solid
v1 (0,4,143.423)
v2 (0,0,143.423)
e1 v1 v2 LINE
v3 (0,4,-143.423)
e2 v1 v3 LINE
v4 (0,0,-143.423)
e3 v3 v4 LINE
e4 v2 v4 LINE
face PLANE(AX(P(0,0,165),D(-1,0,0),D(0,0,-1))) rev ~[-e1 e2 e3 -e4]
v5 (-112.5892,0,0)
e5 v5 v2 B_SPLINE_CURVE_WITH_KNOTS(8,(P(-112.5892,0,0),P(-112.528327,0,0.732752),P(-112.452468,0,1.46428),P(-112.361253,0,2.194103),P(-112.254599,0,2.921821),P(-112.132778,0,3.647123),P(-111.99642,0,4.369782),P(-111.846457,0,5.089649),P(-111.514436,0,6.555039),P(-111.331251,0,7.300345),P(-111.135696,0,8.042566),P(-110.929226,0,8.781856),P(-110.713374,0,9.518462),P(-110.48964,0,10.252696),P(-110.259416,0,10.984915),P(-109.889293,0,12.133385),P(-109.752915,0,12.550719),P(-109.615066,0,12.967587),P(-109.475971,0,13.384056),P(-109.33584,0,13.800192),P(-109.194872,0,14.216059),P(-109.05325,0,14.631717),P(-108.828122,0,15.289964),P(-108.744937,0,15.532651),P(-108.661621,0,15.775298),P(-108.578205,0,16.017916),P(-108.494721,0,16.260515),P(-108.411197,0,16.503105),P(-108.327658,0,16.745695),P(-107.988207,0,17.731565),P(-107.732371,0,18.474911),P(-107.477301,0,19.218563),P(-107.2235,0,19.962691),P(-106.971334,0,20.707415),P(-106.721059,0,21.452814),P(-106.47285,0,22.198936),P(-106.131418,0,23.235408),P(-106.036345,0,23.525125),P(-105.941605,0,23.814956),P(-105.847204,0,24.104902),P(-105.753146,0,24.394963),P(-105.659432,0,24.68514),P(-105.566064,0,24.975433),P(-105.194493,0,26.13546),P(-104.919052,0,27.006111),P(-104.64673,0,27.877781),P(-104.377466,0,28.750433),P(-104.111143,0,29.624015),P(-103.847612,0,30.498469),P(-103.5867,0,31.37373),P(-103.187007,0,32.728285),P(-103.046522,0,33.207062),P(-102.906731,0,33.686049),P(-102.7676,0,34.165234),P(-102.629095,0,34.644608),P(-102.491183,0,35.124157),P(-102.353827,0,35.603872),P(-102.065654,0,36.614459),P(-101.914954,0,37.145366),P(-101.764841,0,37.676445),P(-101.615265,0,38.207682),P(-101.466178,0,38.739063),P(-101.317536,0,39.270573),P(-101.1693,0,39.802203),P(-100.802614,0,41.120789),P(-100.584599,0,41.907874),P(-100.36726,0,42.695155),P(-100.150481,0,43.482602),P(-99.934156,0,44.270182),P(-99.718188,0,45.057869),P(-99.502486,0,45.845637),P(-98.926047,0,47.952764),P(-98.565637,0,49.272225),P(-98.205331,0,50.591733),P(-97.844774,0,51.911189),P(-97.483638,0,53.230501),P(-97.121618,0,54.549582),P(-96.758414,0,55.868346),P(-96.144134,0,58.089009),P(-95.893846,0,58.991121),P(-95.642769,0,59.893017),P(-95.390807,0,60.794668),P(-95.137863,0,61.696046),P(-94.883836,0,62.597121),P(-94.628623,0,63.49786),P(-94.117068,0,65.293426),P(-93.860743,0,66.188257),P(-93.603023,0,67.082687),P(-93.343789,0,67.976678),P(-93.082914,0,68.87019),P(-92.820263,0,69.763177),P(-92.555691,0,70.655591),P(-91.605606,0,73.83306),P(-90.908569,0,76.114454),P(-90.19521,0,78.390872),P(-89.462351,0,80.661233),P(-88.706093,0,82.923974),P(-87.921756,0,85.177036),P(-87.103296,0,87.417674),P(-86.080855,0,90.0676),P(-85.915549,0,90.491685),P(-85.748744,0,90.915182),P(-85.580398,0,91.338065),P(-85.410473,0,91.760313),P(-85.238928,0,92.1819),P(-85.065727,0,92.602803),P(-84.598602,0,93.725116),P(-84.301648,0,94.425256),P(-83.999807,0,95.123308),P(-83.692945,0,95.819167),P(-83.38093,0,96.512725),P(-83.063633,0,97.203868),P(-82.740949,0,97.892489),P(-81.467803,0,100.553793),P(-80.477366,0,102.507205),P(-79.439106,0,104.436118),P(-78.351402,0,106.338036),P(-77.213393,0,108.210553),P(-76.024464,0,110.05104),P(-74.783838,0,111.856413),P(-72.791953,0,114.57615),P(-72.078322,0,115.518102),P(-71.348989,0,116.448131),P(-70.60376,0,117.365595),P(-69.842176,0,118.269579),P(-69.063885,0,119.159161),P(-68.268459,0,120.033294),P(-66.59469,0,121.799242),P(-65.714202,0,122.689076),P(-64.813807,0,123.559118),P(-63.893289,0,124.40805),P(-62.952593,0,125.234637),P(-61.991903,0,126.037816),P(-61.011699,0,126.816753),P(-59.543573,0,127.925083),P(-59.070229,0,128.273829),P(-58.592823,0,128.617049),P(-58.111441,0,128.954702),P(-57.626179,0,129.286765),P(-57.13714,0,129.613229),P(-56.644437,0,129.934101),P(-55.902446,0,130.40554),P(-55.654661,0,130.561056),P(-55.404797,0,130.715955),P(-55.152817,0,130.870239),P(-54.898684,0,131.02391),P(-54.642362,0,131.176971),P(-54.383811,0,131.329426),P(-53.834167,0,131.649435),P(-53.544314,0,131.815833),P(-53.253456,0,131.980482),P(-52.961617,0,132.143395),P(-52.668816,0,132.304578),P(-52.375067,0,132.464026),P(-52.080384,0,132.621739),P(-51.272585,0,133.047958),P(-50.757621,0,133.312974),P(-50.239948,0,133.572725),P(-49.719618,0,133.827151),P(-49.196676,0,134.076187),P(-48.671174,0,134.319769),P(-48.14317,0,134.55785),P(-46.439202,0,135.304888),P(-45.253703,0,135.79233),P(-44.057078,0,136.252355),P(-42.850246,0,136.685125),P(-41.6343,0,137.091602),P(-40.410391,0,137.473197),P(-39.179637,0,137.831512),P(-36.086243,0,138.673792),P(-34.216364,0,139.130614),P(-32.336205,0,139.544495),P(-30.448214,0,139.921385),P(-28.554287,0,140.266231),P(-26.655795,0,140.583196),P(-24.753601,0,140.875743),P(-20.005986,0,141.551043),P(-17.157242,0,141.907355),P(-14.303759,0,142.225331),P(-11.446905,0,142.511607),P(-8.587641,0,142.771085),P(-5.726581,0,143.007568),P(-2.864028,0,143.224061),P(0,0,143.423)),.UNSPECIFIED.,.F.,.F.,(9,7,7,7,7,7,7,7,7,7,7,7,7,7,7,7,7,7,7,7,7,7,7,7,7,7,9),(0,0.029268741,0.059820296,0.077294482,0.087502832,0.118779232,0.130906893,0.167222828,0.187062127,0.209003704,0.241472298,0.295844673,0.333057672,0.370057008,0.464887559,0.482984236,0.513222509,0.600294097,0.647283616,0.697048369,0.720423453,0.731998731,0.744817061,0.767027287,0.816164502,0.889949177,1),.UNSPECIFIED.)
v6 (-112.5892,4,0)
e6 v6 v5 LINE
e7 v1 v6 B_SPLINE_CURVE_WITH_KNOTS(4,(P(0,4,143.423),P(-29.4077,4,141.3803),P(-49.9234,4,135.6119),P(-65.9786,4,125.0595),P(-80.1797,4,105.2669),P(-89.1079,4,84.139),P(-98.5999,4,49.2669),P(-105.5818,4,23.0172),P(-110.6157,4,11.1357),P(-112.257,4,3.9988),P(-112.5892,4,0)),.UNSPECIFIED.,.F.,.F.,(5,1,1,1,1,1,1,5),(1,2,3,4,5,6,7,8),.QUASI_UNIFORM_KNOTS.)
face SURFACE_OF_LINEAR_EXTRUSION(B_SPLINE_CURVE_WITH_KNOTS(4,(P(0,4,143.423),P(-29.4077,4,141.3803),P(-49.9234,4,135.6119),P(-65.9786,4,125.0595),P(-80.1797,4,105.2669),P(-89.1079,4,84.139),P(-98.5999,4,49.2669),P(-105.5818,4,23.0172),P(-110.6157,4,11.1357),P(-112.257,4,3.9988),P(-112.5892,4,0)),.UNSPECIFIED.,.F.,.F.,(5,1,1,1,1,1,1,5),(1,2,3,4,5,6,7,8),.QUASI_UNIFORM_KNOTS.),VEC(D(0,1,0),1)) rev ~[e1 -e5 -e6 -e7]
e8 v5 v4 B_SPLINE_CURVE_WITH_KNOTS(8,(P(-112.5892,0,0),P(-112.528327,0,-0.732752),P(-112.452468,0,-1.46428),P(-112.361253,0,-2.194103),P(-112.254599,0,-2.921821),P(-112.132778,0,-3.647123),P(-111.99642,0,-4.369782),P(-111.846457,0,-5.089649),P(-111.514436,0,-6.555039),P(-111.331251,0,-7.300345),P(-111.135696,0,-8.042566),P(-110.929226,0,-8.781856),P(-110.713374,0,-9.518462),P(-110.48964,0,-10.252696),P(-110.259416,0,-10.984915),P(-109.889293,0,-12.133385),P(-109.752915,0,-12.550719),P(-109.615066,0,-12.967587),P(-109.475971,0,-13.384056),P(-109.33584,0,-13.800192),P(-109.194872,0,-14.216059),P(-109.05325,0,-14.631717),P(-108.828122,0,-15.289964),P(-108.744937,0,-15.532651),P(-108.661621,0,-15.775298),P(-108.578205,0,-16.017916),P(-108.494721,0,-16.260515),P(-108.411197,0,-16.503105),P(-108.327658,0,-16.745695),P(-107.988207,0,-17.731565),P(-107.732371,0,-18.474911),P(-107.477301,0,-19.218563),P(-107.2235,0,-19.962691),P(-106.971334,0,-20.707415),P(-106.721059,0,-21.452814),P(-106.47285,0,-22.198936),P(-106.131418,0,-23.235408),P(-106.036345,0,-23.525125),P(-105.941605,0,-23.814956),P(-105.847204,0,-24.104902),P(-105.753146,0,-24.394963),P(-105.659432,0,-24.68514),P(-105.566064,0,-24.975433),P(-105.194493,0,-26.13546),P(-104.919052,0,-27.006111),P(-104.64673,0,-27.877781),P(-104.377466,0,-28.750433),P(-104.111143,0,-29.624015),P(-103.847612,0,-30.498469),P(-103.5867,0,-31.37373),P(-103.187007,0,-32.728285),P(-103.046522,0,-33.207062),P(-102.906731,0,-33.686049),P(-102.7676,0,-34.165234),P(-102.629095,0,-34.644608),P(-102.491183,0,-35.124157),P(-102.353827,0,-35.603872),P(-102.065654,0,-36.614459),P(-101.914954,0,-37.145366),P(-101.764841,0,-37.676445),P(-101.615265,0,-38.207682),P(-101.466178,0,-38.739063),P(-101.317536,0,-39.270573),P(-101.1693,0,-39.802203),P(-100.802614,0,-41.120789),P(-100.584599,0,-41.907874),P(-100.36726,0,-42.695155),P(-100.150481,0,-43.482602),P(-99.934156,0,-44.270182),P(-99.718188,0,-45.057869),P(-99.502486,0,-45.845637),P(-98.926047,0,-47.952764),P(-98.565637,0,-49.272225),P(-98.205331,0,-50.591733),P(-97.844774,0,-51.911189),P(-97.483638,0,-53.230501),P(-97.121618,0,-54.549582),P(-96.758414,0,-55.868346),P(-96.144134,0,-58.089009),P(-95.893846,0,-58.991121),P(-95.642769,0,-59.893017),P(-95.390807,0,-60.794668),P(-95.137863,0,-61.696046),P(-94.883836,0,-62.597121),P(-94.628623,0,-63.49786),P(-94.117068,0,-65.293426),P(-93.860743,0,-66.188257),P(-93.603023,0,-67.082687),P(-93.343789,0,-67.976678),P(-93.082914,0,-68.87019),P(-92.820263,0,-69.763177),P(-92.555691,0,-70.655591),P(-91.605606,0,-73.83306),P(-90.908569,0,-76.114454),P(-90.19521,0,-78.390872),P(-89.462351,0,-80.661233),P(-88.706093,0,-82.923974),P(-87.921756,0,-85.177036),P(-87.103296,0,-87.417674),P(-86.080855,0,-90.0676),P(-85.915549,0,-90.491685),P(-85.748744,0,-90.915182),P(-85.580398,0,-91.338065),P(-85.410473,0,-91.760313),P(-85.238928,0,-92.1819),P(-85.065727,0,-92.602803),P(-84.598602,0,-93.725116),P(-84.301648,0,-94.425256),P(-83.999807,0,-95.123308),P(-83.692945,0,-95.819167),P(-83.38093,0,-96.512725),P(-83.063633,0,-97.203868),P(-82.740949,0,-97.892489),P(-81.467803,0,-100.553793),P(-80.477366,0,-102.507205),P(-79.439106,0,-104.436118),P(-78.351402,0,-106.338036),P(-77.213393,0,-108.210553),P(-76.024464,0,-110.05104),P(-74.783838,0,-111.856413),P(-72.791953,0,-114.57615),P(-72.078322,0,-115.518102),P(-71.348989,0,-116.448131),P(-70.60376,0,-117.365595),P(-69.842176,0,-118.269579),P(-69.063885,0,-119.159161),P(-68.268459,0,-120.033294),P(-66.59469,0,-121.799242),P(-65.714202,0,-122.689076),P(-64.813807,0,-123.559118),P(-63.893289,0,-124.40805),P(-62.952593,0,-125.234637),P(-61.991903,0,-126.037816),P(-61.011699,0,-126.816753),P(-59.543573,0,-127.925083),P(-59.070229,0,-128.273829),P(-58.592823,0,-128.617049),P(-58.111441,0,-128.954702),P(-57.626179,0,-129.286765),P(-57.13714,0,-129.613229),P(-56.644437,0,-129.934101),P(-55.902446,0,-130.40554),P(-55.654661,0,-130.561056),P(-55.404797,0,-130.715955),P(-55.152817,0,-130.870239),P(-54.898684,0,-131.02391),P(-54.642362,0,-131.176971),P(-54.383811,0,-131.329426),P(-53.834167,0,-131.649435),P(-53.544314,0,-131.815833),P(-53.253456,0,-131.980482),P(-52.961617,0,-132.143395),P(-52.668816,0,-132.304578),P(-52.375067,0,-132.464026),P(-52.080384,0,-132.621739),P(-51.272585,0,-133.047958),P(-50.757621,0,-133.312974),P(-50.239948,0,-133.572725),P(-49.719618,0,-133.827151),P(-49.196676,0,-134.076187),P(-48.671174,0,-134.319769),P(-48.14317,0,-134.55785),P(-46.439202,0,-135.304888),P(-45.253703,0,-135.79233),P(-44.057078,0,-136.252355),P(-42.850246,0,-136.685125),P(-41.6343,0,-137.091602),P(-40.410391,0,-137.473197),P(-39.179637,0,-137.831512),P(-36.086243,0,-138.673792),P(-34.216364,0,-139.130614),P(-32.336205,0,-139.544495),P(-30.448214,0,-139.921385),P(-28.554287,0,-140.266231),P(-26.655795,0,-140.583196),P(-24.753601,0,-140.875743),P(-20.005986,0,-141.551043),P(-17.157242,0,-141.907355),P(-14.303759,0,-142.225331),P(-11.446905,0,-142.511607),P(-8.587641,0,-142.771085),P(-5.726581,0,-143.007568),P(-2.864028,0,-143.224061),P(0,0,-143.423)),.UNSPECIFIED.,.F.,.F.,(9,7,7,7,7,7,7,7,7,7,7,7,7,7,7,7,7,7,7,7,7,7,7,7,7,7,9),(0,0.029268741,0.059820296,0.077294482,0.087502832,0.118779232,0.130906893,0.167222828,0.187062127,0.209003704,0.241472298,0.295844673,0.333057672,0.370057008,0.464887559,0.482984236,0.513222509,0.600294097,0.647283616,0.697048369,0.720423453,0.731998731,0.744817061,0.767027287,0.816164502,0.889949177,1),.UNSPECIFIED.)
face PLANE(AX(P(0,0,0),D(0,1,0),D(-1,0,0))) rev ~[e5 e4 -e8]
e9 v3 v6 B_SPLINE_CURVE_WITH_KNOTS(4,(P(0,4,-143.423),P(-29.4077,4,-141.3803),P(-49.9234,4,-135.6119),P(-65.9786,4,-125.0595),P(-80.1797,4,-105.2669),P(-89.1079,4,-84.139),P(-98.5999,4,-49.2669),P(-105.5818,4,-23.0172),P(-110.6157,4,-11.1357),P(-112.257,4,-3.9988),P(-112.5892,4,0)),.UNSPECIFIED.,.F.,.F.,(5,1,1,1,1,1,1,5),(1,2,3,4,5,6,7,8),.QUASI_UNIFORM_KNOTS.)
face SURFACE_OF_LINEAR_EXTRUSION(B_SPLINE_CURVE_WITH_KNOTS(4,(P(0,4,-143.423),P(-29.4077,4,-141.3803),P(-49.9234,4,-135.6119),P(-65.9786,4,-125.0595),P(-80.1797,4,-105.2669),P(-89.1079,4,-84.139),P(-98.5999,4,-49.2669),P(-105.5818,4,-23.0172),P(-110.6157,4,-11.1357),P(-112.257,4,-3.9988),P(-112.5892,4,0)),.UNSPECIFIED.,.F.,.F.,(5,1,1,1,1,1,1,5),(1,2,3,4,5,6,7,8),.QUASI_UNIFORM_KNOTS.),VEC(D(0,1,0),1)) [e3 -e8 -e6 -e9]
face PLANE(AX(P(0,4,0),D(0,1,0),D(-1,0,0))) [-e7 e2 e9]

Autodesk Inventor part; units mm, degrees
ref_plane "YZ Plane" through (0, 0, 0) normal (1, 0, 0) x (0, 1, 0)
ref_plane "XZ Plane" through (0, 0, 0) normal (0, 1, 0) x (-1, 0, 0)
ref_plane "XY Plane" through (0, 0, 0) normal (0, 0, 1) x (1, 0, 0)
sketch "Эскиз1" plane through (0, 0, 0) normal (0, 1, 0) x (-1, 0, 0)
  circle A0 centre (0, 0) radius 165
  line L0 (0, 165) -> (0, -165)
  dimension "d0" = 330
extrude "Выдавливание1" add sketch "Эскиз1" along normal blind 4 contours A0 L0 picked at (44.4959, 32.3282)
sketch "Эскиз2" plane through (0, 4, 0) normal (0, 1, 0) x (1, 0, 0)
  line L0 (0, 0) -> (-113.4659, 0)
  line L1 (0, -165) -> (0, 165) projected
  line L2 (0, -143.423) -> (-29.4077, -141.3803) construction
  line L3 (-29.4077, -141.3803) -> (-49.9234, -135.6119) construction
  line L4 (-49.9234, -135.6119) -> (-65.9786, -125.0595) construction
  line L5 (-65.9786, -125.0595) -> (-80.1797, -105.2669) construction
  line L6 (-80.1797, -105.2669) -> (-89.1079, -84.139) construction
  line L7 (-89.1079, -84.139) -> (-98.5999, -49.2669) construction
  line L8 (-98.5999, -49.2669) -> (-105.5818, -23.0172) construction
  line L9 (-105.5818, -23.0172) -> (-110.6157, -11.1357) construction
  line L10 (-110.6157, -11.1357) -> (-112.257, -3.9988) construction
  line L11 (-112.257, -3.9988) -> (-112.5892, 0) construction
  spline S0 degree 4 poles (0, -143.423) (-29.4077, -141.3803) (-49.9234, -135.6119) (-65.9786, -125.0595) (-80.1797, -105.2669) (-89.1079, -84.139) (-98.5999, -49.2669) (-105.5818, -23.0172) (-110.6157, -11.1357) (-112.257, -3.9988) (-112.5892, 0) knots 1 1 1 1 1 2 3 4 5 6 7 8 8 8 8 8
  line L12 (0, 143.423) -> (-29.4077, 141.3803) construction
  line L13 (-29.4077, 141.3803) -> (-49.9234, 135.6119) construction
  line L14 (-49.9234, 135.6119) -> (-65.9786, 125.0595) construction
  line L15 (-65.9786, 125.0595) -> (-80.1797, 105.2669) construction
  line L16 (-80.1797, 105.2669) -> (-89.1079, 84.139) construction
  line L17 (-89.1079, 84.139) -> (-98.5999, 49.2669) construction
  line L18 (-98.5999, 49.2669) -> (-105.5818, 23.0172) construction
  line L19 (-105.5818, 23.0172) -> (-110.6157, 11.1357) construction
  line L20 (-110.6157, 11.1357) -> (-112.257, 3.9988) construction
  line L21 (-112.257, 3.9988) -> (-112.5892, 0) construction
  spline S1 degree 4 poles (0, 143.423) (-29.4077, 141.3803) (-49.9234, 135.6119) (-65.9786, 125.0595) (-80.1797, 105.2669) (-89.1079, 84.139) (-98.5999, 49.2669) (-105.5818, 23.0172) (-110.6157, 11.1357) (-112.257, 3.9988) (-112.5892, 0) knots 1 1 1 1 1 2 3 4 5 6 7 8 8 8 8 8
  arc A0 (0, 165) -> (0, -165) centre (0, 0) ccw projected
extrude "Выдавливание2" cut sketch "Эскиз2" against normal through all contours S0 L1 A0 S1
properties part number "платформа_глаза"
